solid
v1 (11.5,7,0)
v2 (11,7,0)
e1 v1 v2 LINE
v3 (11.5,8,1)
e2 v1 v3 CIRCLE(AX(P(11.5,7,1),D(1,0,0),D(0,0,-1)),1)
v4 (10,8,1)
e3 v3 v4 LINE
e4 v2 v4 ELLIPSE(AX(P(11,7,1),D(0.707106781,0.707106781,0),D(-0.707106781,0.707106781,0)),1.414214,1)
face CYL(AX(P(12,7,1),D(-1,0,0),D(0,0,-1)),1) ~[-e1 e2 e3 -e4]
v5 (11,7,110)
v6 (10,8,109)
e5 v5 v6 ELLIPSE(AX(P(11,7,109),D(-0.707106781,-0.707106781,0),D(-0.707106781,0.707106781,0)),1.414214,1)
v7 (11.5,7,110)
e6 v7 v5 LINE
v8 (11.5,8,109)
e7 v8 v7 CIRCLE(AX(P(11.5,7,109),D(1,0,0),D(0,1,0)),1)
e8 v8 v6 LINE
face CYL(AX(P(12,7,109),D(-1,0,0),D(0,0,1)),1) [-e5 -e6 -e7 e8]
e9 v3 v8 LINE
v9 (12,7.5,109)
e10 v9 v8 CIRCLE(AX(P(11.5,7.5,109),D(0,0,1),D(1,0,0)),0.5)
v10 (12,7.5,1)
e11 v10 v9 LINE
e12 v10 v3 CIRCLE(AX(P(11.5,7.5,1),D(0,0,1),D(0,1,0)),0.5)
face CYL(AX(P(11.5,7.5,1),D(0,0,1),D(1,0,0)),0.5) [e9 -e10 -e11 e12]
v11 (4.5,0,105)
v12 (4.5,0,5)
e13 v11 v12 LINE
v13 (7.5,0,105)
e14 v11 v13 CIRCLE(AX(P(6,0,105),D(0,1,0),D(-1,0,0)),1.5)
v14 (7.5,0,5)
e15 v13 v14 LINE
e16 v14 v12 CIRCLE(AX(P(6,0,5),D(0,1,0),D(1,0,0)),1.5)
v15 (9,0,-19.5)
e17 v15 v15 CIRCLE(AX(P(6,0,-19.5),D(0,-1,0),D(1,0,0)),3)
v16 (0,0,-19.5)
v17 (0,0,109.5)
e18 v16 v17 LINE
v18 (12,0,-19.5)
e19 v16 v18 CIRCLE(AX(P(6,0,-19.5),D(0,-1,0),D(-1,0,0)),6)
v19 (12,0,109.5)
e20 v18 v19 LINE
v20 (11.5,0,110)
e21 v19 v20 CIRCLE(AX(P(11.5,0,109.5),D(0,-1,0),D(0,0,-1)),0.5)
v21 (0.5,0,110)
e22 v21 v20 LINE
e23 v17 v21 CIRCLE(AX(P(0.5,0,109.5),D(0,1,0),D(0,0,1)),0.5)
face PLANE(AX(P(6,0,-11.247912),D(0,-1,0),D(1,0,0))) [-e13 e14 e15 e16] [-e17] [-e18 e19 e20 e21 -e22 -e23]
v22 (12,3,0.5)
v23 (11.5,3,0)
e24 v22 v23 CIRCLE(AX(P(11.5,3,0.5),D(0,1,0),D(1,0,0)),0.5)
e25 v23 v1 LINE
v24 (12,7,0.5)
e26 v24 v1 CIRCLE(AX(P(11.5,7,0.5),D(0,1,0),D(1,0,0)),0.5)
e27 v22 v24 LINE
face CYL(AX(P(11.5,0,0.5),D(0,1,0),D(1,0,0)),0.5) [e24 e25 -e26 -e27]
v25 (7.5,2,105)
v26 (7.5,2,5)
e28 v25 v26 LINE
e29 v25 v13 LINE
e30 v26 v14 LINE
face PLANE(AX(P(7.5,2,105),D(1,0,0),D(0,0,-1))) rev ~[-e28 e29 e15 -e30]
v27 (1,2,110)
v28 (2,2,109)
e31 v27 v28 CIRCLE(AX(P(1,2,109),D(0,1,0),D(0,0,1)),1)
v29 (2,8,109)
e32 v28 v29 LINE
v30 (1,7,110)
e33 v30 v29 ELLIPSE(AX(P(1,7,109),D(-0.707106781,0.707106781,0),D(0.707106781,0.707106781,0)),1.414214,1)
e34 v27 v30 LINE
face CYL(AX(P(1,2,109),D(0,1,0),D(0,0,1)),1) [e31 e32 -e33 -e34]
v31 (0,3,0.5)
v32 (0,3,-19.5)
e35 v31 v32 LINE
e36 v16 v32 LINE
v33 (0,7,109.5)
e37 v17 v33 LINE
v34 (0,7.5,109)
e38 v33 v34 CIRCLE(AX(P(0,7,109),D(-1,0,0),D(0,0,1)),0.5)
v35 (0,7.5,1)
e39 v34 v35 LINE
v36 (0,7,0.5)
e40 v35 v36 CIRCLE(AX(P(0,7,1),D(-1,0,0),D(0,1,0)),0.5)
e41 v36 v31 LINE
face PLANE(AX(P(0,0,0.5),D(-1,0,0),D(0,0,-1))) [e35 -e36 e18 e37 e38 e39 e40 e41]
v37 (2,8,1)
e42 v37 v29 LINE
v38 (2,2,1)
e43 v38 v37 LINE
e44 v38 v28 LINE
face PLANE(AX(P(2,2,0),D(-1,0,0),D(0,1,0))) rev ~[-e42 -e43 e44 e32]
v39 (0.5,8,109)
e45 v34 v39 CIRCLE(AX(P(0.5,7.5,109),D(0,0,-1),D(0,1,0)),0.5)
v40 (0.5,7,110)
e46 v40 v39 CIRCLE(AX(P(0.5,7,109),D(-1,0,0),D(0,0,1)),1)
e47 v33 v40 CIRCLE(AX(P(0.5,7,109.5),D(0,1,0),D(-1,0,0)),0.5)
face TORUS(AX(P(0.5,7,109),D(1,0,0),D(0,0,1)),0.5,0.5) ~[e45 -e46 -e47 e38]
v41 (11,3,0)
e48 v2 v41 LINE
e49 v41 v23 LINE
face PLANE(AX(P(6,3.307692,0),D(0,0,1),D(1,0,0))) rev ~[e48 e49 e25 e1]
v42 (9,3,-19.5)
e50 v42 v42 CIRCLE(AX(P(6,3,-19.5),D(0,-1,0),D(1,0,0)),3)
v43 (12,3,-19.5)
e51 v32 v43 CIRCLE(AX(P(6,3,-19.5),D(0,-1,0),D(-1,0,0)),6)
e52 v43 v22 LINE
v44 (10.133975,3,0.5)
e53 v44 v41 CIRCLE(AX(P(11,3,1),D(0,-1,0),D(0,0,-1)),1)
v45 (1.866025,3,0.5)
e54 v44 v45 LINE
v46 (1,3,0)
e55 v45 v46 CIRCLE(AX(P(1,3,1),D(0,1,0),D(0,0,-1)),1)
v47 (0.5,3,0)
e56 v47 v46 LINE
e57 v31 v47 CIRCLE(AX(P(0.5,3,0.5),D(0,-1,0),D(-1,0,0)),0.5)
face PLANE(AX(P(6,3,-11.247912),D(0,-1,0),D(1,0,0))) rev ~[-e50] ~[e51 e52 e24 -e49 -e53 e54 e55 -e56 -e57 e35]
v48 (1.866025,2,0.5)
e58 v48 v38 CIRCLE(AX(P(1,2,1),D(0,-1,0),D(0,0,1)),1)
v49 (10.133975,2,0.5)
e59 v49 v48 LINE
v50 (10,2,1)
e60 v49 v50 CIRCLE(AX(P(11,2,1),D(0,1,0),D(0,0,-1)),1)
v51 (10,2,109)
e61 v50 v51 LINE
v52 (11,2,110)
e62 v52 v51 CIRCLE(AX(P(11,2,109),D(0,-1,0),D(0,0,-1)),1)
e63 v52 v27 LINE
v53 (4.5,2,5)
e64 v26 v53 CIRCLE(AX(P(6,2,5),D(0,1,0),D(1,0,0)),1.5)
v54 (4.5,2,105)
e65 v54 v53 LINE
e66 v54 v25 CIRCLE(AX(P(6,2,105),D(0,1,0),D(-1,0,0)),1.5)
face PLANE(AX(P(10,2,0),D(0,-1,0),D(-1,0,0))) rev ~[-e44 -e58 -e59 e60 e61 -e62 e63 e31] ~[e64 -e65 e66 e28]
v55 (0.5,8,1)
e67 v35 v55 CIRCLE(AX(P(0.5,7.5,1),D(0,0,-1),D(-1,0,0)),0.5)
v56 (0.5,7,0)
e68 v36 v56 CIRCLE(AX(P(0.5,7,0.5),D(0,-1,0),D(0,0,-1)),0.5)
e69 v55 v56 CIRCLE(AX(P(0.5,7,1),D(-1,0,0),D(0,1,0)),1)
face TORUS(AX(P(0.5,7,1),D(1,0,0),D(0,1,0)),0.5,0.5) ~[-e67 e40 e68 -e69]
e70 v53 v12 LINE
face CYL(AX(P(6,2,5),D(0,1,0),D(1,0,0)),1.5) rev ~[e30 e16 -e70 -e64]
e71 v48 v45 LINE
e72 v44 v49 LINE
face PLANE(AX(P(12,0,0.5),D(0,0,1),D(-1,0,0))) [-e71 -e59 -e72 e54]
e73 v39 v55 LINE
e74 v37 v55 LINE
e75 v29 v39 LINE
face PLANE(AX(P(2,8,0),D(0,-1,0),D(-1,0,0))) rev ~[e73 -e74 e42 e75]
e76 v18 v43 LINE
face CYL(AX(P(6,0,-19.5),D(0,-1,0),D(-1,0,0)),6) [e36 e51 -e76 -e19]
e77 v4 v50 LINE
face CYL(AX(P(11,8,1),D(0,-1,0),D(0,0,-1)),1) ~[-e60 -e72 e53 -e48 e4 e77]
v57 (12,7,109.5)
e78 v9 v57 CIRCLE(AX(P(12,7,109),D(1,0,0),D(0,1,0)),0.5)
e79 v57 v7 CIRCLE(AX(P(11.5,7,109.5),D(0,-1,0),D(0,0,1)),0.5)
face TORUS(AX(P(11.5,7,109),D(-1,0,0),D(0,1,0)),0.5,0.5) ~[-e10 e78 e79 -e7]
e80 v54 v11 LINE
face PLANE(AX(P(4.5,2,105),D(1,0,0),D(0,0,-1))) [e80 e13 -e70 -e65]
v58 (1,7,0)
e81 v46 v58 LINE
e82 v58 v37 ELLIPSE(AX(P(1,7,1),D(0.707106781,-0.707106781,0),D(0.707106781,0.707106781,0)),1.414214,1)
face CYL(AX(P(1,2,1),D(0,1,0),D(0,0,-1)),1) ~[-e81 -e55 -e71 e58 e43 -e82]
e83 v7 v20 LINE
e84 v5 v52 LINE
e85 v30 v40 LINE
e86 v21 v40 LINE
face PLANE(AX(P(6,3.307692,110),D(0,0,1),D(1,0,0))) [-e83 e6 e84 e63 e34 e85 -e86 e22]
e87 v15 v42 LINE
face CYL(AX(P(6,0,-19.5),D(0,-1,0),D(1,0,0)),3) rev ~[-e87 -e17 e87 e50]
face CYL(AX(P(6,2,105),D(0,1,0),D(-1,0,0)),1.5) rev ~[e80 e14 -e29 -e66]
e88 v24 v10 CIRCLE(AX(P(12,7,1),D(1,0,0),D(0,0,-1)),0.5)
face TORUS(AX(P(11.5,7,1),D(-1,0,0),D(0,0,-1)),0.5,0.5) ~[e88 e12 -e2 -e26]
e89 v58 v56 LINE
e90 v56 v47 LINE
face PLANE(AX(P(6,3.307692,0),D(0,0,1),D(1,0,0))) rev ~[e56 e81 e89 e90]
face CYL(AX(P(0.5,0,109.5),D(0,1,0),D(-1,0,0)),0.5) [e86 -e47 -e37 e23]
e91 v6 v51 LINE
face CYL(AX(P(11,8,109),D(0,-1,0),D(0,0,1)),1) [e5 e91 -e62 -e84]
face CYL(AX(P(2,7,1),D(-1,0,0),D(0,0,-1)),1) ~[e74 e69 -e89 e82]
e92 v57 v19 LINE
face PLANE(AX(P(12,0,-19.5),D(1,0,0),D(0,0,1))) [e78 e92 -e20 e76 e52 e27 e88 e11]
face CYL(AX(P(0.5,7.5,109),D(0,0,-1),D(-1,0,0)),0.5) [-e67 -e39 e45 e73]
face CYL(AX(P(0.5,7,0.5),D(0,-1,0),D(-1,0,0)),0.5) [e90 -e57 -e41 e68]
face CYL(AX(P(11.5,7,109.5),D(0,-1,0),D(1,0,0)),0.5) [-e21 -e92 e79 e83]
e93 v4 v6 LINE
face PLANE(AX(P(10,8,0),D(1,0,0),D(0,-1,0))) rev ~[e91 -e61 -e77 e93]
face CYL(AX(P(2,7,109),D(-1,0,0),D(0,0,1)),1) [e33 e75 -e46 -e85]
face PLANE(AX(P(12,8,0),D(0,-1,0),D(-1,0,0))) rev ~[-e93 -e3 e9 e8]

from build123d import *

# Parameters (mm, degrees)
EXTRUDE_DEPTH = 110
POCKET_DEPTH  = 5
FILLET_R      = 1
FILLET001_R   = 0.5
SKETCH002_R   = 3
PAD_DEPTH     = 3


with BuildPart() as part:
    # Sketch → Extrude (new body)
    with BuildSketch(Plane.XY):
        Polygon((0, 0), (12, 0), (12, 8), (10, 8), (10, 2), (2, 2), (2, 8), (0, 8), align=None)
    extrude(amount=EXTRUDE_DEPTH)

    # Sketch001 (on Face5 of BaseFeature) → Pocket (cut)
    with BuildSketch(Plane(origin=(0, 2, 0), x_dir=(-1, 0, 0), z_dir=(0, 1, 0))):
        with BuildLine():
            ThreePointArc((-4.5, 105), (-6, 106.5), (-7.5, 105))
            Line((-7.5, 105), (-7.5, 5))
            ThreePointArc((-7.5, 5), (-6, 3.5), (-4.5, 5))
            Line((-4.5, 105), (-4.5, 5))
        make_face()
    extrude(amount=-POCKET_DEPTH, mode=Mode.SUBTRACT)

    # Fillet
    fillet_edges = [part.edges().sort_by_distance(p)[0] for p in [
        (11, 8, 0),
        (10, 5, 0),
        (2, 5, 0),
        (1, 8, 0),
        (11, 8, 110),
        (10, 5, 110),
        (2, 5, 110),
        (1, 8, 110),
    ]]
    fillet(fillet_edges, radius=FILLET_R)

    # Fillet001
    fillet001_edges = [part.edges().sort_by_distance(p)[0] for p in [
        (0, 3.5, 0),
        (12, 3.5, 0),
    ]]
    fillet(fillet001_edges, radius=FILLET001_R)

    # Sketch002 (on Face2 of Fillet001) → Pad (join)
    with BuildSketch(Plane.XZ):
        with BuildLine():
            Line((0, 0.5), (0, -19.5))
            ThreePointArc((0, -19.5), (6, -25.5), (12, -19.5))
            Line((12, -19.5), (12, 0.5))
            Line((12, 0.5), (0, 0.5))
        make_face()
        with Locations((6, -19.5)):
            Circle(SKETCH002_R, mode=Mode.SUBTRACT)
    extrude(amount=-PAD_DEPTH)


solid = part.part
